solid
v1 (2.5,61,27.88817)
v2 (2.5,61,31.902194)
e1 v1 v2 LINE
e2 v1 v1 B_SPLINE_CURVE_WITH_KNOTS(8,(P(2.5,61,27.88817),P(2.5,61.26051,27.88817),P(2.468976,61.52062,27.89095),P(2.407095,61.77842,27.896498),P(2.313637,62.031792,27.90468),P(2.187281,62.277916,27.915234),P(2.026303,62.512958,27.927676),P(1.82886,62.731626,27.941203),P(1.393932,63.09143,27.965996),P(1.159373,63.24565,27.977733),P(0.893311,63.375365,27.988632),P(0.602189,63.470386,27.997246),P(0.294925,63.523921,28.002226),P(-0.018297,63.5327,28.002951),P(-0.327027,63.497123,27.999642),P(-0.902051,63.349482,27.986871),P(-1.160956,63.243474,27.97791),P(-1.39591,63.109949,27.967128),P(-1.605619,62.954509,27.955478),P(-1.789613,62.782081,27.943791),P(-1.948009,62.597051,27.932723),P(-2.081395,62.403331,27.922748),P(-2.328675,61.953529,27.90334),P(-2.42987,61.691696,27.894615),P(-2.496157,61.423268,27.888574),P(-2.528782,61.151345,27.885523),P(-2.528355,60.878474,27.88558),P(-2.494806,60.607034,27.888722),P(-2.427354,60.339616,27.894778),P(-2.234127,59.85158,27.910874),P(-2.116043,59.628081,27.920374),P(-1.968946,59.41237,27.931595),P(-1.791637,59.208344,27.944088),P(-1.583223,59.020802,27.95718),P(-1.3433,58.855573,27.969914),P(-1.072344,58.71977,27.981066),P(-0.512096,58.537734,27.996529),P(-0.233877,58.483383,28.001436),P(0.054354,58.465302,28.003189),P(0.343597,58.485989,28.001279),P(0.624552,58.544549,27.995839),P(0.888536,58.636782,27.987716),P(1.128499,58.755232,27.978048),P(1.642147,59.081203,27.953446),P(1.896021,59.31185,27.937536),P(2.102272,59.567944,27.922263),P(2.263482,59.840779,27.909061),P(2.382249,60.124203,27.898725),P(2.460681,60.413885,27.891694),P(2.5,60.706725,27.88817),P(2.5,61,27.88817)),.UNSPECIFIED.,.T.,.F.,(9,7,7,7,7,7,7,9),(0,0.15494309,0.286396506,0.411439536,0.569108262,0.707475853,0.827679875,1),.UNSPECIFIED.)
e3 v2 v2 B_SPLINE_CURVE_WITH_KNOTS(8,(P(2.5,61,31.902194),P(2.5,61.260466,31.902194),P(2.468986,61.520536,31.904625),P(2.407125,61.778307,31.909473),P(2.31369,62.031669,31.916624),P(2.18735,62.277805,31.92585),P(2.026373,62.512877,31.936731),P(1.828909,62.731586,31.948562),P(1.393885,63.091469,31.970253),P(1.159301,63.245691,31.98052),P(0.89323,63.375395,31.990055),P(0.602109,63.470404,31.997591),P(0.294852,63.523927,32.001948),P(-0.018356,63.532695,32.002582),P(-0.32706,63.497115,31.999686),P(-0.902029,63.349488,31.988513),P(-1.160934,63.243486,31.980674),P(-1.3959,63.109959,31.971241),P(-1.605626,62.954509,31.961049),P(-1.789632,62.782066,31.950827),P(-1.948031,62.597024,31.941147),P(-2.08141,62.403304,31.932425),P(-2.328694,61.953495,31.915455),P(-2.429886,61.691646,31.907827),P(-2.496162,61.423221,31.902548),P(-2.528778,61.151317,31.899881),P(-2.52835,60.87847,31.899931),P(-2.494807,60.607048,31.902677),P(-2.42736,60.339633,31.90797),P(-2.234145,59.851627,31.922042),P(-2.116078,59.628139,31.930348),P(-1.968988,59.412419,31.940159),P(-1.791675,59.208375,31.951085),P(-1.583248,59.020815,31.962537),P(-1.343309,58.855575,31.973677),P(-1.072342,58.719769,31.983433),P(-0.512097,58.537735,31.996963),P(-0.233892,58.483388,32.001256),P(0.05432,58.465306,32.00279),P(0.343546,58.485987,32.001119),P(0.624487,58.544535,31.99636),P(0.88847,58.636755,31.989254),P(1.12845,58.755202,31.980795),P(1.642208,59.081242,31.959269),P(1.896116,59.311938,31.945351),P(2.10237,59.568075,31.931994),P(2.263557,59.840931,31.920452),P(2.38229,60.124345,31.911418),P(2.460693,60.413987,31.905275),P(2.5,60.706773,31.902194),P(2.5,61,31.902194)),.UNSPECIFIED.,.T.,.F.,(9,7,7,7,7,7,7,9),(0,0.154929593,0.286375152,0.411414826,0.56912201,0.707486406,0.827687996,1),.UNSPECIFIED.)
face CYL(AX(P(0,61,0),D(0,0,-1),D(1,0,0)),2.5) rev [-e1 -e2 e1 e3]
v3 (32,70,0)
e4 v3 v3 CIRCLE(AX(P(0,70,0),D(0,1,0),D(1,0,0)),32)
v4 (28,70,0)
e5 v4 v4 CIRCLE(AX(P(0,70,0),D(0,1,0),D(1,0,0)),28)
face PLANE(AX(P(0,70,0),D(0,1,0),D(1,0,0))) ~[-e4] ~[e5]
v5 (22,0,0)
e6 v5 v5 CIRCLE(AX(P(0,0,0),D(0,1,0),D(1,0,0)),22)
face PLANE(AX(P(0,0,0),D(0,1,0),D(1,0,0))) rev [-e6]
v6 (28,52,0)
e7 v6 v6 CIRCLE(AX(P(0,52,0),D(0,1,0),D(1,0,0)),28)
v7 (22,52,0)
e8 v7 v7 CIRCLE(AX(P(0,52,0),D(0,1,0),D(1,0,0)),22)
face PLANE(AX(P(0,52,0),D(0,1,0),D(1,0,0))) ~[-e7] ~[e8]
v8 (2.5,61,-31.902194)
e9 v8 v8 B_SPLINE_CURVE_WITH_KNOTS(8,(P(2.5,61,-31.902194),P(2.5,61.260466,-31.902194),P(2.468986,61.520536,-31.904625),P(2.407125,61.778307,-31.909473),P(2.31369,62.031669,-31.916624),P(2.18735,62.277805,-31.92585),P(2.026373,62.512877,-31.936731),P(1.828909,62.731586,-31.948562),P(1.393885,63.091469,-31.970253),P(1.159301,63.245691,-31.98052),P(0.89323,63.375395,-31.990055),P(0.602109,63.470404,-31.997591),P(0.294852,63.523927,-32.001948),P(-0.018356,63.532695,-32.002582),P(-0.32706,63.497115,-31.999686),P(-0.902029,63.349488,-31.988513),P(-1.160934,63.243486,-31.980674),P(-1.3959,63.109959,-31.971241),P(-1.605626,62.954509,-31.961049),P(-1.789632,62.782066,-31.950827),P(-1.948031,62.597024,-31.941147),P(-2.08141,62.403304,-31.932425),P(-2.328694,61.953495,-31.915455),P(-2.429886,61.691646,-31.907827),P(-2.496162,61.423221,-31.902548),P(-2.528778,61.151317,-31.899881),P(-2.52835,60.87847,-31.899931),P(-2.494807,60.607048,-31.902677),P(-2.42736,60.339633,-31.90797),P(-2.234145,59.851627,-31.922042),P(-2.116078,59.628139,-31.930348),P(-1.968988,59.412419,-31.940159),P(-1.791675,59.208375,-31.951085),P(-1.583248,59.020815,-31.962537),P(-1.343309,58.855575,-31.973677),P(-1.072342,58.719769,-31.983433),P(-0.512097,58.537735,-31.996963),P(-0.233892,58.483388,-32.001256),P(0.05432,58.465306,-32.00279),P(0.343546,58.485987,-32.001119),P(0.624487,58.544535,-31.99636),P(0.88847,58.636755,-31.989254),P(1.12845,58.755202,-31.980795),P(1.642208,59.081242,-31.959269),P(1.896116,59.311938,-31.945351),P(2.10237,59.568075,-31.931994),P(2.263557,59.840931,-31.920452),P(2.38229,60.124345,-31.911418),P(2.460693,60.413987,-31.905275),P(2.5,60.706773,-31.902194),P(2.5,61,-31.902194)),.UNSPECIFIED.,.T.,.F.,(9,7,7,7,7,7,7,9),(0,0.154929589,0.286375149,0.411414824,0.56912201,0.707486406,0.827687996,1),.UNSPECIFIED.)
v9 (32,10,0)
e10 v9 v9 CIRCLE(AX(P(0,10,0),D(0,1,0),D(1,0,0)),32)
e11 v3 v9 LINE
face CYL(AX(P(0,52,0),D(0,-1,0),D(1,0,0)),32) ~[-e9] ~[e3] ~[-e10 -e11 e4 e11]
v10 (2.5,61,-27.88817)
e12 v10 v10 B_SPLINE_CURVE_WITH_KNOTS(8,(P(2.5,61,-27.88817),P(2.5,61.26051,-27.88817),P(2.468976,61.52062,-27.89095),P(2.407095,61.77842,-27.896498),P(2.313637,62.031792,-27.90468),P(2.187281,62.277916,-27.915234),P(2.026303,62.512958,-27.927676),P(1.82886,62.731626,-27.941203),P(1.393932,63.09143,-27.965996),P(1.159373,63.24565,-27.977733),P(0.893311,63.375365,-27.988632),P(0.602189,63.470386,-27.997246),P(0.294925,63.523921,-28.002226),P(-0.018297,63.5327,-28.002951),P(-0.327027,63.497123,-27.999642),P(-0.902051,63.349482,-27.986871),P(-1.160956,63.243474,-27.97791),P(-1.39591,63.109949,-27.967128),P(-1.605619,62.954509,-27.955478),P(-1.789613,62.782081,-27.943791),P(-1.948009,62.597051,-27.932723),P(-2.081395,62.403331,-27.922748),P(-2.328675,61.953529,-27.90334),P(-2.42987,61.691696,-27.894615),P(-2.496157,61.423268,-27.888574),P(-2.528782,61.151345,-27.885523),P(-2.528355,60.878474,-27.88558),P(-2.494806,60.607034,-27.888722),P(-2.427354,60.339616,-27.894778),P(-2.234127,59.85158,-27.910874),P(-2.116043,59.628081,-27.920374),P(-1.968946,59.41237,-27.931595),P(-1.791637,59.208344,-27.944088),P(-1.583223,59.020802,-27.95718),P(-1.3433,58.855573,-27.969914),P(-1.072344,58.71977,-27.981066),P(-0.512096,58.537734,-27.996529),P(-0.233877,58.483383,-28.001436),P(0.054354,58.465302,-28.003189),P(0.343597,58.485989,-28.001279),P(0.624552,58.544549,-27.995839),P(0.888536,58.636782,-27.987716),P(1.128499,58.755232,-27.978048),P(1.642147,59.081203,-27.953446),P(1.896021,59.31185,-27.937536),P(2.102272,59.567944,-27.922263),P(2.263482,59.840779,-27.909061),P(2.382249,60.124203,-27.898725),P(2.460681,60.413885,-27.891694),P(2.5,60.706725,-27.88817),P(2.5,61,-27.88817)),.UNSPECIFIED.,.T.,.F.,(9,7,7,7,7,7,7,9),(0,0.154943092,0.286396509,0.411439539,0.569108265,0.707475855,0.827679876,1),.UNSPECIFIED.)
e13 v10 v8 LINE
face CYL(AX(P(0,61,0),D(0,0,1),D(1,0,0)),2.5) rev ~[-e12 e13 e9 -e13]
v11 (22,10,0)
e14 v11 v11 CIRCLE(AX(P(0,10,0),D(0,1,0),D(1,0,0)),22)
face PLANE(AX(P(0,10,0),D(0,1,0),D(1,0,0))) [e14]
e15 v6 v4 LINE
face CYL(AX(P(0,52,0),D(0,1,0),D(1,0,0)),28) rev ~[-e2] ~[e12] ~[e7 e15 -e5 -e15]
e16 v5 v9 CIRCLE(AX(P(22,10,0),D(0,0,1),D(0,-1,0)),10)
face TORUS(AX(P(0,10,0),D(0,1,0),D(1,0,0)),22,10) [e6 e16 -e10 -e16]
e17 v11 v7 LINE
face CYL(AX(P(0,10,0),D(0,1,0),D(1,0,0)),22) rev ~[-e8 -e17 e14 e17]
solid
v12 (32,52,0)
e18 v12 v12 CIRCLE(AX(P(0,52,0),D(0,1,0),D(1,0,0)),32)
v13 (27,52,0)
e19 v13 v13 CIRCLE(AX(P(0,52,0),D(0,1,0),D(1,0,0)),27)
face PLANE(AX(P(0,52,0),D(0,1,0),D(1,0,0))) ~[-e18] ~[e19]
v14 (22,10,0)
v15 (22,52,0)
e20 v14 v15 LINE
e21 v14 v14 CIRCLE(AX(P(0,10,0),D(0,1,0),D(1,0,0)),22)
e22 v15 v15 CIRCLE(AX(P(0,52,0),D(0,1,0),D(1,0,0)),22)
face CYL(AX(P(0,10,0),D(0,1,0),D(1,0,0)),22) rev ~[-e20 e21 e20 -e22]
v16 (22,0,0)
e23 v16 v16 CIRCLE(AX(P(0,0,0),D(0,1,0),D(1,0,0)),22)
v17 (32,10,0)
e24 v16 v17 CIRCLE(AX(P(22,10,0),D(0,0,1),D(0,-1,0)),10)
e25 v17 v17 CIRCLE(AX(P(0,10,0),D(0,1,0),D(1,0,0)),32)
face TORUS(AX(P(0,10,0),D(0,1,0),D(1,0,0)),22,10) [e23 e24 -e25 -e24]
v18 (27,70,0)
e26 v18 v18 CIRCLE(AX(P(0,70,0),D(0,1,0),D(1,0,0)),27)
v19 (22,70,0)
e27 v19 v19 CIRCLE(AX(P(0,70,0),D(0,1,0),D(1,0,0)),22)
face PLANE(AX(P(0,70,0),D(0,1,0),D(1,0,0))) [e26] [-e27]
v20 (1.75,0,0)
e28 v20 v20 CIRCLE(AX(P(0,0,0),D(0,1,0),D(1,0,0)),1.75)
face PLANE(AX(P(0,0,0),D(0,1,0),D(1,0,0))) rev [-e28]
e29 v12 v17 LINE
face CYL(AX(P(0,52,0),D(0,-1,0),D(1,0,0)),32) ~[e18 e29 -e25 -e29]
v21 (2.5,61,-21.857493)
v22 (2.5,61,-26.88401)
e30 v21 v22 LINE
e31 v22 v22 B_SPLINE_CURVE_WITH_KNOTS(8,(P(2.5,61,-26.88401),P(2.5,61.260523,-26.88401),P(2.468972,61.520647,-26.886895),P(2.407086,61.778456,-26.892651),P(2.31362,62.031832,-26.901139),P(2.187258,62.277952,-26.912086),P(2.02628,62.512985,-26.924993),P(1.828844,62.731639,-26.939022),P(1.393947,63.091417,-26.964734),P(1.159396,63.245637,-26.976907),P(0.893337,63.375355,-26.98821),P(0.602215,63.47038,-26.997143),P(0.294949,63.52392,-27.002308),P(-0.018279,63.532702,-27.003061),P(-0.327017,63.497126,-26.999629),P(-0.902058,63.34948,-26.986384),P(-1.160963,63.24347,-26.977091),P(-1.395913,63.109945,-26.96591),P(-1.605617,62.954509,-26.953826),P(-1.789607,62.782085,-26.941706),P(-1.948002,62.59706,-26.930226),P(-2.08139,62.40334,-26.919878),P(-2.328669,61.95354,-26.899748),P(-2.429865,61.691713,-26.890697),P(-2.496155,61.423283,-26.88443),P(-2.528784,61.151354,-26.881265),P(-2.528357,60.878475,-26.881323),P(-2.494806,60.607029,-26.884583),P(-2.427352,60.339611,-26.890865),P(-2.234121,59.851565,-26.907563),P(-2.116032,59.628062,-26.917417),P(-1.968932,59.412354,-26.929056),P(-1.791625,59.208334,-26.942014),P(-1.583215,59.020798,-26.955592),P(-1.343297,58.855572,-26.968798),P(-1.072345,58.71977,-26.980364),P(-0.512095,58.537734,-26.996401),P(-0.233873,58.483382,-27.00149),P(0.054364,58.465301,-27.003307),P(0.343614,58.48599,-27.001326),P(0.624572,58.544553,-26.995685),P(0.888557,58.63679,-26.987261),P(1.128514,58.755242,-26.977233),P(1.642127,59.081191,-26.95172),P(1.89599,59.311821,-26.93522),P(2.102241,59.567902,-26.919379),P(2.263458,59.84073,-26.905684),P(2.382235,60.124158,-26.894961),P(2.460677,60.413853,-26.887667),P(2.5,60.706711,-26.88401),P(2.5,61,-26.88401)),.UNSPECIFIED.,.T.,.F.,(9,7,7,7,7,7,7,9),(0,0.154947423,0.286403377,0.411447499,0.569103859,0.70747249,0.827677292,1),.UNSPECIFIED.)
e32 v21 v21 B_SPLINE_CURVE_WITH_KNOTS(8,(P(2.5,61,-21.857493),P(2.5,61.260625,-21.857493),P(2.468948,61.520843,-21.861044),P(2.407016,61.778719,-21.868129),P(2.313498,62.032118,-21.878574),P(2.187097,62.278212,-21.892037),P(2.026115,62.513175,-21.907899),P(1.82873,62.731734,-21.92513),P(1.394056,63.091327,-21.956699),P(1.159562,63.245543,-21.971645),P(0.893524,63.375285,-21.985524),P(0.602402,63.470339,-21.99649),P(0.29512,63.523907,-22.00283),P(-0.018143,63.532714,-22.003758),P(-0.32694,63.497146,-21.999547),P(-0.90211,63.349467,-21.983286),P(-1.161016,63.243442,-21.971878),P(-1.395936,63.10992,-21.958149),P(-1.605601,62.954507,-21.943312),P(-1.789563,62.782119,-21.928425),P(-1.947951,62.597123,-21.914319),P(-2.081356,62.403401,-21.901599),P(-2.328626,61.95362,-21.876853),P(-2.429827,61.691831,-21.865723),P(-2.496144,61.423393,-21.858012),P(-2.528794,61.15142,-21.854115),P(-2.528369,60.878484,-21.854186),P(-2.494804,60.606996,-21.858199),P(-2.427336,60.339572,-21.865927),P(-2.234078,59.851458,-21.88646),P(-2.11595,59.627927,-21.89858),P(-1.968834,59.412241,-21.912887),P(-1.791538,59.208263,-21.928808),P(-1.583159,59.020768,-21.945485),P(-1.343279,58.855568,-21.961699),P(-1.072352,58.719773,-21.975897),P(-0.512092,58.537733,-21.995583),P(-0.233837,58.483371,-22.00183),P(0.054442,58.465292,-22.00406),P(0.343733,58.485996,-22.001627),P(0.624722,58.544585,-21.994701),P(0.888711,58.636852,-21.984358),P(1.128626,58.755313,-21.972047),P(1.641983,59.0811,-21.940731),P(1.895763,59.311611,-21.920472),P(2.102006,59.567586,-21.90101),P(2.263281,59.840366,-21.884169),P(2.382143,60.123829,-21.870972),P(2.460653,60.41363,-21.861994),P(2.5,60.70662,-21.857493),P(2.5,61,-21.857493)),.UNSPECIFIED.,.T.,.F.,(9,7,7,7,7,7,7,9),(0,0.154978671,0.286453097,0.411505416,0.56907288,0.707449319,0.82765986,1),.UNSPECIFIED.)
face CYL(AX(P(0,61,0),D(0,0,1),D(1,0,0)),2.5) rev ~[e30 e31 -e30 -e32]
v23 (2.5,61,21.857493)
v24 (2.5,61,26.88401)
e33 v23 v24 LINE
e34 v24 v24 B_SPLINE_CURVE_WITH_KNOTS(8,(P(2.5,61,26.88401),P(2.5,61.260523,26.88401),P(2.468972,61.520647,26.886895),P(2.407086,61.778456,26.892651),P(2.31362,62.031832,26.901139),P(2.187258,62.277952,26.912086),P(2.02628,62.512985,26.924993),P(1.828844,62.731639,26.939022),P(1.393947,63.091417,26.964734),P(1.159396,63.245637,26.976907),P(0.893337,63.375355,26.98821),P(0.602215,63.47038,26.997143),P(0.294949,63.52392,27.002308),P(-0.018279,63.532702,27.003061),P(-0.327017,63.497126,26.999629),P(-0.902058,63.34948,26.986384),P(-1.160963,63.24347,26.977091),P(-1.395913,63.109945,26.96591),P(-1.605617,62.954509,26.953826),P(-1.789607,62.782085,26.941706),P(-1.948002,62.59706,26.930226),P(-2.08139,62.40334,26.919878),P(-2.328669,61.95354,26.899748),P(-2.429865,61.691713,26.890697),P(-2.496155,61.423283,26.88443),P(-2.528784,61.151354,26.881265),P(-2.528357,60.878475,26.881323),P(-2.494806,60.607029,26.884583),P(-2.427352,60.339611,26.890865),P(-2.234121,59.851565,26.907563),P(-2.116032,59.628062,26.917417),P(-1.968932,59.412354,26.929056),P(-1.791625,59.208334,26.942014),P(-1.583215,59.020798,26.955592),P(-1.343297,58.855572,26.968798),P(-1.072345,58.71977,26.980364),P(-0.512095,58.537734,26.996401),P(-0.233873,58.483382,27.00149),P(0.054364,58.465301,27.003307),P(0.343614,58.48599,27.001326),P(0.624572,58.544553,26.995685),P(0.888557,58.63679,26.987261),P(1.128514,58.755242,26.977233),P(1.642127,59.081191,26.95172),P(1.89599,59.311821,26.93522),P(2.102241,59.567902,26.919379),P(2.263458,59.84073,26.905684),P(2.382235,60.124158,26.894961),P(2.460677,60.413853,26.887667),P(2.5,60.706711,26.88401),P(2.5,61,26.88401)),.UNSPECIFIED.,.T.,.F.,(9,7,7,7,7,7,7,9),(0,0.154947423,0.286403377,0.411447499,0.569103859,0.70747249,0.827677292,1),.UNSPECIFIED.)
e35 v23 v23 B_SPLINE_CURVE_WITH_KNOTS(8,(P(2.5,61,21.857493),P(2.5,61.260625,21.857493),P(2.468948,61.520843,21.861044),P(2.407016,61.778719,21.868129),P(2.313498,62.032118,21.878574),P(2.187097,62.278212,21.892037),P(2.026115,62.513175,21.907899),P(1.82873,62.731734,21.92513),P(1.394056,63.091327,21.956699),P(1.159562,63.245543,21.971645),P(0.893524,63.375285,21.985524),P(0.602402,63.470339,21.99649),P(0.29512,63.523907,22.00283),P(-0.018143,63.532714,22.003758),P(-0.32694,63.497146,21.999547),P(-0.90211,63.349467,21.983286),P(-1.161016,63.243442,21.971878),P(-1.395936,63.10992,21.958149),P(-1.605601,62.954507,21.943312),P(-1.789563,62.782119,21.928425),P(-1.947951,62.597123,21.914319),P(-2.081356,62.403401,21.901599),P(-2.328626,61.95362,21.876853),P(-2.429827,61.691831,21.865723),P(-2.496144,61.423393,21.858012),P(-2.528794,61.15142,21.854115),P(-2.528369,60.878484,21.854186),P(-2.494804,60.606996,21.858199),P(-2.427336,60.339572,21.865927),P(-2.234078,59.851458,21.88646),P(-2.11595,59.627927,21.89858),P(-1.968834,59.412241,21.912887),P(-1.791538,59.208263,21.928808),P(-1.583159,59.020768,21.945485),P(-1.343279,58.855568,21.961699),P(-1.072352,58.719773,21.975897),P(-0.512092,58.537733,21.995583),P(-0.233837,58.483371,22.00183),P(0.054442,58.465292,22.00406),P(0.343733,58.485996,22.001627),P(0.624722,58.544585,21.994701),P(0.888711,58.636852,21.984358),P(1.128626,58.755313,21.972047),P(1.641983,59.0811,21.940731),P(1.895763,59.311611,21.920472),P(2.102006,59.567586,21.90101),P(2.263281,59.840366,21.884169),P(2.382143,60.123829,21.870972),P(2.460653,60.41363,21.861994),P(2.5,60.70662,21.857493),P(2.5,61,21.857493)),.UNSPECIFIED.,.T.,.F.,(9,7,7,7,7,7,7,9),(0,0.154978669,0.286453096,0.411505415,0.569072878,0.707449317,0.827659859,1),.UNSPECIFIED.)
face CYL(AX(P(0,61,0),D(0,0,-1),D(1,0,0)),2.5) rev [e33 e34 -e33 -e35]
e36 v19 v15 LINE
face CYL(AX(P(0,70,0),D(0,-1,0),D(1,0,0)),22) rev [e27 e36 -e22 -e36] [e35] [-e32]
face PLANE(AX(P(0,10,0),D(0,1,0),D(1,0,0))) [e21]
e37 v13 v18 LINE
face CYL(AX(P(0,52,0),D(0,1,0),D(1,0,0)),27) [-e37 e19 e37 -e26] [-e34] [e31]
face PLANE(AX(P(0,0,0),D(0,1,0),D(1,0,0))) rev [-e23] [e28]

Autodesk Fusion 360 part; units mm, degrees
sketch "Sketch1" plane through (0, 0, 0) normal (0, 0, 1) x (1, 0, 0) in component "Top Projectile"
  line L0 (13.7981, 10) -> (11.1635, 10)
  line L1 (22, 52) -> (32, 52)
  line L2 (32, 52) -> (32, 10)
  line L3 (32, 10) -> (22, 10)
  line L4 (22, 10) -> (22, 52)
  line L5 (27, 70) -> (22, 70)
  line L6 (22, 70) -> (22, 52)
  line L7 (22, 52) -> (27, 52)
  line L8 (27, 52) -> (27, 70)
  line L9 (0, 5.0221) -> (0, 0)
  line L10 (22, 10) -> (0, 10)
  line L11 (0, 10) -> (0, 0)
  line L12 (1.75, 0) -> (22.5, 0)
  line L13 (0, 0) -> (22, 0)
  arc A0 (22, 0) -> (32, 10) centre (22, 10) ccw
  circle A1 centre (0, 61) radius 2.5
  point P0 (32, 10)
  point P1 (22, 52)
  point P2 (27, 70)
  point P3 (0, 5.0221)
  dimension "d21" = 18
  dimension "d22" = 5
  dimension "d23" = 10
  dimension "d24" = 32
  dimension "d27" = 10
  dimension "d29" = 42
  dimension "d30" = 22
  dimension "d48" = 9
  dimension "d49" = 5
  dimension "d52" = 32
revolve "Revolve1" add sketch "Sketch1" angle 360 about axis through (0, 1.75, 0) along (0, 1, 0) contours L0 L3 L9 L10 L11 L12 L13 A0 | L1 L2 L3 L4 L7 | L1 L5 L6 L7 L8 makes body 1 in component "Top Projectile"
sketch "Sketch1 (2)" plane through (0, 0, 0) normal (0, 0, 1) x (1, 0, 0) in component "Bottom Projectile"
  line L0 (1.75, 0) -> (22.5, 0)
  line L1 (22, 52) -> (27, 52)
  line L2 (32, 10) -> (22, 10)
  line L3 (22, 10) -> (0, 10)
  line L4 (32, 52) -> (32, 10)
  arc A0 (22, 0) -> (32, 10) centre (22, 10) ccw
  line L5 (22, 10) -> (22, 52)
  line L6 (0, 19.0221) -> (0, 0)
  line L7 (13.7981, 10) -> (11.1635, 10)
  line L8 (22, 52) -> (32, 52)
  line L9 (0, 0) -> (22, 0)
  line L10 (0, 10) -> (0, 0)
  line L11 (28, 70) -> (32, 70)
  line L12 (32, 70) -> (32, 52)
  line L13 (32, 52) -> (28, 52)
  line L14 (28, 52) -> (28, 70)
  circle A1 centre (0, 61) radius 2.5
  line L15 (0, 1.75) -> (0, 22.5)
  line L16 (1.75, 0) -> (22.5, 0)
  point P0 (0, 19.0221)
  point P1 (22, 52)
  point P2 (32, 10)
  point P3 (28, 70)
  dimension "d41" = 10
  dimension "d42" = 32
  dimension "d43" = 10
  dimension "d44" = 42
  dimension "d45" = 22
  dimension "d46" = 6
  dimension "d47" = 18
  dimension "d56" = 5
  dimension "d57" = 32
  dimension "d58" = 9
revolve "Revolve1'" add sketch "Sketch1 (2)" angle 360 about axis through (0, 1.75, 0) along (0, 1, 0) separate body contours L0 L2 L3 A0 L6 L7 L9 L10 L15 L16 | L1 L2 L4 L5 L8 L13 | L8 L11 L12 L13 L14 makes body 2 in component "Bottom Projectile"
extrude "Extrude1" cut sketch "Sketch1" along normal through all and the other way through all contours A1 bodies 1 in component "Top Projectile"
extrude "Extrude1'" cut sketch "Sketch1" along normal through all and the other way through all contours A1 bodies 2 in component "Bottom Projectile"
component "Top Projectile" placed x (1, 0, 0) y (0, 1, 0) z (0, 0, 1) at (0, 0, 0)
component "Bottom Projectile" placed x (1, 0, 0) y (0, 1, 0) z (0, 0, 1) at (0, 0, 0)
equation "WallThickness = 10 mm" comment "Thickness of the projectile Wall"
equation "WallLength = 120 mm" comment "Length of the wall, not including the caps"
equation "d21 = WallLength * ( 3 / 10 ) * ( 1 / 2 )"
equation "d22 = WallThickness / 2"
equation "d23 = WallThickness"
equation "d24 = OutterRadius"
equation "OutterRadius = 32 mm"
equation "d27 = CapThickness"
equation "d29 = WallLength * ( 7 / 10 ) * ( 1 / 2 )"
equation "d30 = OutterRadius - WallThickness"
equation "CapThickness = 10 mm" comment "Thickness of the end caps"
equation "d41 = WallThickness"
equation "d42 = OutterRadius"
equation "d43 = CapThickness"
equation "d44 = WallLength * ( 7 / 10 ) * ( 1 / 2 )"
equation "d45 = OutterRadius - WallThickness"
equation "d46 = ( WallThickness / 2 ) + 1 mm"
equation "d47 = WallLength * ( 3 / 10 ) * ( 1 / 2 )"
equation "d48 = WallLength * ( 3 / 10 ) * ( 1 / 4 )"
equation "d49 = InsertDiameter"
equation "InsertDiameter = 5 mm" comment "Diameter of the metal insert"
equation "d52 = OutterRadius"
equation "d56 = InsertDiameter"
equation "d57 = OutterRadius"
equation "d58 = WallLength * ( 3 / 10 ) * ( 1 / 4 )"
